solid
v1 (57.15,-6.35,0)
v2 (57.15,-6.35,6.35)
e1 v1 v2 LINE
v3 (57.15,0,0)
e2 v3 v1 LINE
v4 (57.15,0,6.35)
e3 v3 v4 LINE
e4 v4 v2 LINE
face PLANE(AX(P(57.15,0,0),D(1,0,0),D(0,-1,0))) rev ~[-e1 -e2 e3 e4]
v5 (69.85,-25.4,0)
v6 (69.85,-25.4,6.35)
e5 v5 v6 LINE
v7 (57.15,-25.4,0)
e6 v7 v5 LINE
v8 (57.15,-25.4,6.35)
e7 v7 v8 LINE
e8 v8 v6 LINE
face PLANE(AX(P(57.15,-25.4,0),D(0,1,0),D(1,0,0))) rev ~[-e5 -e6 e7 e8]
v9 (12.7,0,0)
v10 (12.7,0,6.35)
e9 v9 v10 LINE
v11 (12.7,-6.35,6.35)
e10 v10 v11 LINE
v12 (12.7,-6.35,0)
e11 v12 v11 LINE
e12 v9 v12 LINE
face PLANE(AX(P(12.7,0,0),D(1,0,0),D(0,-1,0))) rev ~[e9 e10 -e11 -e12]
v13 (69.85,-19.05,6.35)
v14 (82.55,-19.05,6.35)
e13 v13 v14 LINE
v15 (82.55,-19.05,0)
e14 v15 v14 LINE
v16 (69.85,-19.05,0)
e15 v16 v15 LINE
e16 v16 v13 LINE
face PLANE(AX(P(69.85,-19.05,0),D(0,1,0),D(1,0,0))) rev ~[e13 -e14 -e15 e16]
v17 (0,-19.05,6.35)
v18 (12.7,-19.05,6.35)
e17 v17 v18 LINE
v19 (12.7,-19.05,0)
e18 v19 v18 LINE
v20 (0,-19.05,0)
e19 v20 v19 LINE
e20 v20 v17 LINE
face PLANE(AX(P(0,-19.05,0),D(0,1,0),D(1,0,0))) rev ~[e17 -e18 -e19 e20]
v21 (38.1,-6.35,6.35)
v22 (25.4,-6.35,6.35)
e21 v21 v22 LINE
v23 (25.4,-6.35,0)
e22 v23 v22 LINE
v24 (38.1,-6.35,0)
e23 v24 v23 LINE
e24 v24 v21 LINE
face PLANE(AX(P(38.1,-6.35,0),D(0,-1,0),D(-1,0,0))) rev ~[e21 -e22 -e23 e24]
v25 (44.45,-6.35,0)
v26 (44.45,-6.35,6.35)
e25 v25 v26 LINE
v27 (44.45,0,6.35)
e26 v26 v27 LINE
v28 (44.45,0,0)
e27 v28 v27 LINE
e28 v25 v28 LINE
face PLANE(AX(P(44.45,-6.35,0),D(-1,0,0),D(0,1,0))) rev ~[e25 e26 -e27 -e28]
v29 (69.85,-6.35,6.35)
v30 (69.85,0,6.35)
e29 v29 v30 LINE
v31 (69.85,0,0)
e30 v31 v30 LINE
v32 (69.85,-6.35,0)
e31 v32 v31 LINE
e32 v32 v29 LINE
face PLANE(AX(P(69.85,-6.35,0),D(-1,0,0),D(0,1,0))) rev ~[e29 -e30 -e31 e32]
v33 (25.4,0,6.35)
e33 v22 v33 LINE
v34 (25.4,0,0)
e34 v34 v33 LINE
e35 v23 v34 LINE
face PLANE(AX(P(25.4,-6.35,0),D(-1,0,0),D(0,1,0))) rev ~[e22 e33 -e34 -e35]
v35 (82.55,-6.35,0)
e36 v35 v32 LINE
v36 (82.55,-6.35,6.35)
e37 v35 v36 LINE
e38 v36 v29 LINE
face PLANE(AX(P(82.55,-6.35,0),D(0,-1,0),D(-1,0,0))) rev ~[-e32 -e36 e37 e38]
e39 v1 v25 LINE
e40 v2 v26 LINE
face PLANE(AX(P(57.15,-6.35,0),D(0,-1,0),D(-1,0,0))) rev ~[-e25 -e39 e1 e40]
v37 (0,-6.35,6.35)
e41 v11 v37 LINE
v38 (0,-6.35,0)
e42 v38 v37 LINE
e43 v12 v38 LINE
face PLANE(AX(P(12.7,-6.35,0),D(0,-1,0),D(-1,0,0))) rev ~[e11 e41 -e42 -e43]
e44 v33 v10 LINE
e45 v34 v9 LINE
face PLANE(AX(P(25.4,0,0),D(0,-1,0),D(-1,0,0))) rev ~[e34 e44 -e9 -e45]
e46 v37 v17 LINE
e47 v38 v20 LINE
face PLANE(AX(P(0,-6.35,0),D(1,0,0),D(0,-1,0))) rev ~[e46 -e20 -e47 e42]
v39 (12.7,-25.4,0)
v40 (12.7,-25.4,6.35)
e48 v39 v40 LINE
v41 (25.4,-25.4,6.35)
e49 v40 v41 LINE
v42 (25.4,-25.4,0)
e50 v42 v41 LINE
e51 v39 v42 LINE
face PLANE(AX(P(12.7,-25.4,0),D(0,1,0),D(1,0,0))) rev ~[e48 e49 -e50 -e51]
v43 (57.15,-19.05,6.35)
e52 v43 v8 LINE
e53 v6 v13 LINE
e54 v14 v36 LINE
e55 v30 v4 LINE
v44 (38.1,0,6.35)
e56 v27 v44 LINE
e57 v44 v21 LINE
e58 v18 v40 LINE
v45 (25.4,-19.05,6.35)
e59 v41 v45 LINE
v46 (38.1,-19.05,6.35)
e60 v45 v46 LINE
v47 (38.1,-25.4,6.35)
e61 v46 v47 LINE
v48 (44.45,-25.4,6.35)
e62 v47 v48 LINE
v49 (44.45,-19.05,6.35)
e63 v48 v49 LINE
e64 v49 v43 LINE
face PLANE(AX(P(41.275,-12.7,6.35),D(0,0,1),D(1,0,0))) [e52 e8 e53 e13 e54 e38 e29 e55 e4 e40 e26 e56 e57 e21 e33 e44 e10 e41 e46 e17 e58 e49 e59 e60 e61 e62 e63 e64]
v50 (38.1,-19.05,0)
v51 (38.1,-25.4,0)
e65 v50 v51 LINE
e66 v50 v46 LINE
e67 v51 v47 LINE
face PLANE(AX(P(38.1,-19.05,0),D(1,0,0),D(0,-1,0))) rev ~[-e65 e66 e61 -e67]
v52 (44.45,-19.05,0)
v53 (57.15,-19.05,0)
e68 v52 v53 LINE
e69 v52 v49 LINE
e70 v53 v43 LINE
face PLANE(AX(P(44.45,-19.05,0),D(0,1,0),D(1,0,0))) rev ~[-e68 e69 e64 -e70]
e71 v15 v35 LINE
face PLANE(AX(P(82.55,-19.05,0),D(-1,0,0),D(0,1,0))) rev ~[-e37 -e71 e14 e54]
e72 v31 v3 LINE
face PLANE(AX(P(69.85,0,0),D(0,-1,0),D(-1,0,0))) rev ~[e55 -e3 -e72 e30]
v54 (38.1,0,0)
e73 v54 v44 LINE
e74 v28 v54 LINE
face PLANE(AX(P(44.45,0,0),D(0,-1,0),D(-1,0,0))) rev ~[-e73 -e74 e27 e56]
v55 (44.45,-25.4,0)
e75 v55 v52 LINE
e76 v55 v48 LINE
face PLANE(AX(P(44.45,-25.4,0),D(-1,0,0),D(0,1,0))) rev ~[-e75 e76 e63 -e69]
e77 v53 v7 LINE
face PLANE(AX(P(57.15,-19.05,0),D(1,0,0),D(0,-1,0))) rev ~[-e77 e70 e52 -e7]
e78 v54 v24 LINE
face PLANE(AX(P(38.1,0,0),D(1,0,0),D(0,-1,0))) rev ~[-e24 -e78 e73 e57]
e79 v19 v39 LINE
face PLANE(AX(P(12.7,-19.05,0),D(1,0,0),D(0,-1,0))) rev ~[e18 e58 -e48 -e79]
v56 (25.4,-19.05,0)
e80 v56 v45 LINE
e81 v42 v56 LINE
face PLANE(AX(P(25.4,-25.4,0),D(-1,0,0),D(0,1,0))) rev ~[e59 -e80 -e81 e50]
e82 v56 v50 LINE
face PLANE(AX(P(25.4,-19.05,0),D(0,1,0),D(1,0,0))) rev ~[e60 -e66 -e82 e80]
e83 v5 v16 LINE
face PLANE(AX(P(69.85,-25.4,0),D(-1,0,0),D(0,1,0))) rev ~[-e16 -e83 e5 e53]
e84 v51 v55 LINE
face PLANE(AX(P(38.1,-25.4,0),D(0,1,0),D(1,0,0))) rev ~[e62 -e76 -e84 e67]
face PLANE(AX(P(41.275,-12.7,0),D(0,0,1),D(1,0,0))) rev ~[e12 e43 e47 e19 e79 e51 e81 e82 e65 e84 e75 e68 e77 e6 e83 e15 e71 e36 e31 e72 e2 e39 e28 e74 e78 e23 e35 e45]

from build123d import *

# Parameters (mm, degrees)
F1_DEPTH = 6.35


with BuildPart() as f1:
    # F0 (on Top) → F1 (new body)
    with BuildSketch(Plane.XY):
        Polygon((12.7, -19.05), (12.7, -25.4), (25.4, -25.4), (25.4, -19.05), (38.1, -19.05), (38.1, -25.4), (44.45, -25.4), (44.45, -19.05), (57.15, -19.05), (57.15, -25.4), (69.85, -25.4), (69.85, -19.05), (82.55, -19.05), (82.55, -6.35), (69.85, -6.35), (69.85, 0), (57.15, 0), (57.15, -6.35), (44.45, -6.35), (44.45, 0), (38.1, 0), (38.1, -6.35), (25.4, -6.35), (25.4, 0), (12.7, 0), (12.7, -6.35), (0, -6.35), (0, -19.05), align=None)
    extrude(amount=F1_DEPTH)


solid = f1.part
